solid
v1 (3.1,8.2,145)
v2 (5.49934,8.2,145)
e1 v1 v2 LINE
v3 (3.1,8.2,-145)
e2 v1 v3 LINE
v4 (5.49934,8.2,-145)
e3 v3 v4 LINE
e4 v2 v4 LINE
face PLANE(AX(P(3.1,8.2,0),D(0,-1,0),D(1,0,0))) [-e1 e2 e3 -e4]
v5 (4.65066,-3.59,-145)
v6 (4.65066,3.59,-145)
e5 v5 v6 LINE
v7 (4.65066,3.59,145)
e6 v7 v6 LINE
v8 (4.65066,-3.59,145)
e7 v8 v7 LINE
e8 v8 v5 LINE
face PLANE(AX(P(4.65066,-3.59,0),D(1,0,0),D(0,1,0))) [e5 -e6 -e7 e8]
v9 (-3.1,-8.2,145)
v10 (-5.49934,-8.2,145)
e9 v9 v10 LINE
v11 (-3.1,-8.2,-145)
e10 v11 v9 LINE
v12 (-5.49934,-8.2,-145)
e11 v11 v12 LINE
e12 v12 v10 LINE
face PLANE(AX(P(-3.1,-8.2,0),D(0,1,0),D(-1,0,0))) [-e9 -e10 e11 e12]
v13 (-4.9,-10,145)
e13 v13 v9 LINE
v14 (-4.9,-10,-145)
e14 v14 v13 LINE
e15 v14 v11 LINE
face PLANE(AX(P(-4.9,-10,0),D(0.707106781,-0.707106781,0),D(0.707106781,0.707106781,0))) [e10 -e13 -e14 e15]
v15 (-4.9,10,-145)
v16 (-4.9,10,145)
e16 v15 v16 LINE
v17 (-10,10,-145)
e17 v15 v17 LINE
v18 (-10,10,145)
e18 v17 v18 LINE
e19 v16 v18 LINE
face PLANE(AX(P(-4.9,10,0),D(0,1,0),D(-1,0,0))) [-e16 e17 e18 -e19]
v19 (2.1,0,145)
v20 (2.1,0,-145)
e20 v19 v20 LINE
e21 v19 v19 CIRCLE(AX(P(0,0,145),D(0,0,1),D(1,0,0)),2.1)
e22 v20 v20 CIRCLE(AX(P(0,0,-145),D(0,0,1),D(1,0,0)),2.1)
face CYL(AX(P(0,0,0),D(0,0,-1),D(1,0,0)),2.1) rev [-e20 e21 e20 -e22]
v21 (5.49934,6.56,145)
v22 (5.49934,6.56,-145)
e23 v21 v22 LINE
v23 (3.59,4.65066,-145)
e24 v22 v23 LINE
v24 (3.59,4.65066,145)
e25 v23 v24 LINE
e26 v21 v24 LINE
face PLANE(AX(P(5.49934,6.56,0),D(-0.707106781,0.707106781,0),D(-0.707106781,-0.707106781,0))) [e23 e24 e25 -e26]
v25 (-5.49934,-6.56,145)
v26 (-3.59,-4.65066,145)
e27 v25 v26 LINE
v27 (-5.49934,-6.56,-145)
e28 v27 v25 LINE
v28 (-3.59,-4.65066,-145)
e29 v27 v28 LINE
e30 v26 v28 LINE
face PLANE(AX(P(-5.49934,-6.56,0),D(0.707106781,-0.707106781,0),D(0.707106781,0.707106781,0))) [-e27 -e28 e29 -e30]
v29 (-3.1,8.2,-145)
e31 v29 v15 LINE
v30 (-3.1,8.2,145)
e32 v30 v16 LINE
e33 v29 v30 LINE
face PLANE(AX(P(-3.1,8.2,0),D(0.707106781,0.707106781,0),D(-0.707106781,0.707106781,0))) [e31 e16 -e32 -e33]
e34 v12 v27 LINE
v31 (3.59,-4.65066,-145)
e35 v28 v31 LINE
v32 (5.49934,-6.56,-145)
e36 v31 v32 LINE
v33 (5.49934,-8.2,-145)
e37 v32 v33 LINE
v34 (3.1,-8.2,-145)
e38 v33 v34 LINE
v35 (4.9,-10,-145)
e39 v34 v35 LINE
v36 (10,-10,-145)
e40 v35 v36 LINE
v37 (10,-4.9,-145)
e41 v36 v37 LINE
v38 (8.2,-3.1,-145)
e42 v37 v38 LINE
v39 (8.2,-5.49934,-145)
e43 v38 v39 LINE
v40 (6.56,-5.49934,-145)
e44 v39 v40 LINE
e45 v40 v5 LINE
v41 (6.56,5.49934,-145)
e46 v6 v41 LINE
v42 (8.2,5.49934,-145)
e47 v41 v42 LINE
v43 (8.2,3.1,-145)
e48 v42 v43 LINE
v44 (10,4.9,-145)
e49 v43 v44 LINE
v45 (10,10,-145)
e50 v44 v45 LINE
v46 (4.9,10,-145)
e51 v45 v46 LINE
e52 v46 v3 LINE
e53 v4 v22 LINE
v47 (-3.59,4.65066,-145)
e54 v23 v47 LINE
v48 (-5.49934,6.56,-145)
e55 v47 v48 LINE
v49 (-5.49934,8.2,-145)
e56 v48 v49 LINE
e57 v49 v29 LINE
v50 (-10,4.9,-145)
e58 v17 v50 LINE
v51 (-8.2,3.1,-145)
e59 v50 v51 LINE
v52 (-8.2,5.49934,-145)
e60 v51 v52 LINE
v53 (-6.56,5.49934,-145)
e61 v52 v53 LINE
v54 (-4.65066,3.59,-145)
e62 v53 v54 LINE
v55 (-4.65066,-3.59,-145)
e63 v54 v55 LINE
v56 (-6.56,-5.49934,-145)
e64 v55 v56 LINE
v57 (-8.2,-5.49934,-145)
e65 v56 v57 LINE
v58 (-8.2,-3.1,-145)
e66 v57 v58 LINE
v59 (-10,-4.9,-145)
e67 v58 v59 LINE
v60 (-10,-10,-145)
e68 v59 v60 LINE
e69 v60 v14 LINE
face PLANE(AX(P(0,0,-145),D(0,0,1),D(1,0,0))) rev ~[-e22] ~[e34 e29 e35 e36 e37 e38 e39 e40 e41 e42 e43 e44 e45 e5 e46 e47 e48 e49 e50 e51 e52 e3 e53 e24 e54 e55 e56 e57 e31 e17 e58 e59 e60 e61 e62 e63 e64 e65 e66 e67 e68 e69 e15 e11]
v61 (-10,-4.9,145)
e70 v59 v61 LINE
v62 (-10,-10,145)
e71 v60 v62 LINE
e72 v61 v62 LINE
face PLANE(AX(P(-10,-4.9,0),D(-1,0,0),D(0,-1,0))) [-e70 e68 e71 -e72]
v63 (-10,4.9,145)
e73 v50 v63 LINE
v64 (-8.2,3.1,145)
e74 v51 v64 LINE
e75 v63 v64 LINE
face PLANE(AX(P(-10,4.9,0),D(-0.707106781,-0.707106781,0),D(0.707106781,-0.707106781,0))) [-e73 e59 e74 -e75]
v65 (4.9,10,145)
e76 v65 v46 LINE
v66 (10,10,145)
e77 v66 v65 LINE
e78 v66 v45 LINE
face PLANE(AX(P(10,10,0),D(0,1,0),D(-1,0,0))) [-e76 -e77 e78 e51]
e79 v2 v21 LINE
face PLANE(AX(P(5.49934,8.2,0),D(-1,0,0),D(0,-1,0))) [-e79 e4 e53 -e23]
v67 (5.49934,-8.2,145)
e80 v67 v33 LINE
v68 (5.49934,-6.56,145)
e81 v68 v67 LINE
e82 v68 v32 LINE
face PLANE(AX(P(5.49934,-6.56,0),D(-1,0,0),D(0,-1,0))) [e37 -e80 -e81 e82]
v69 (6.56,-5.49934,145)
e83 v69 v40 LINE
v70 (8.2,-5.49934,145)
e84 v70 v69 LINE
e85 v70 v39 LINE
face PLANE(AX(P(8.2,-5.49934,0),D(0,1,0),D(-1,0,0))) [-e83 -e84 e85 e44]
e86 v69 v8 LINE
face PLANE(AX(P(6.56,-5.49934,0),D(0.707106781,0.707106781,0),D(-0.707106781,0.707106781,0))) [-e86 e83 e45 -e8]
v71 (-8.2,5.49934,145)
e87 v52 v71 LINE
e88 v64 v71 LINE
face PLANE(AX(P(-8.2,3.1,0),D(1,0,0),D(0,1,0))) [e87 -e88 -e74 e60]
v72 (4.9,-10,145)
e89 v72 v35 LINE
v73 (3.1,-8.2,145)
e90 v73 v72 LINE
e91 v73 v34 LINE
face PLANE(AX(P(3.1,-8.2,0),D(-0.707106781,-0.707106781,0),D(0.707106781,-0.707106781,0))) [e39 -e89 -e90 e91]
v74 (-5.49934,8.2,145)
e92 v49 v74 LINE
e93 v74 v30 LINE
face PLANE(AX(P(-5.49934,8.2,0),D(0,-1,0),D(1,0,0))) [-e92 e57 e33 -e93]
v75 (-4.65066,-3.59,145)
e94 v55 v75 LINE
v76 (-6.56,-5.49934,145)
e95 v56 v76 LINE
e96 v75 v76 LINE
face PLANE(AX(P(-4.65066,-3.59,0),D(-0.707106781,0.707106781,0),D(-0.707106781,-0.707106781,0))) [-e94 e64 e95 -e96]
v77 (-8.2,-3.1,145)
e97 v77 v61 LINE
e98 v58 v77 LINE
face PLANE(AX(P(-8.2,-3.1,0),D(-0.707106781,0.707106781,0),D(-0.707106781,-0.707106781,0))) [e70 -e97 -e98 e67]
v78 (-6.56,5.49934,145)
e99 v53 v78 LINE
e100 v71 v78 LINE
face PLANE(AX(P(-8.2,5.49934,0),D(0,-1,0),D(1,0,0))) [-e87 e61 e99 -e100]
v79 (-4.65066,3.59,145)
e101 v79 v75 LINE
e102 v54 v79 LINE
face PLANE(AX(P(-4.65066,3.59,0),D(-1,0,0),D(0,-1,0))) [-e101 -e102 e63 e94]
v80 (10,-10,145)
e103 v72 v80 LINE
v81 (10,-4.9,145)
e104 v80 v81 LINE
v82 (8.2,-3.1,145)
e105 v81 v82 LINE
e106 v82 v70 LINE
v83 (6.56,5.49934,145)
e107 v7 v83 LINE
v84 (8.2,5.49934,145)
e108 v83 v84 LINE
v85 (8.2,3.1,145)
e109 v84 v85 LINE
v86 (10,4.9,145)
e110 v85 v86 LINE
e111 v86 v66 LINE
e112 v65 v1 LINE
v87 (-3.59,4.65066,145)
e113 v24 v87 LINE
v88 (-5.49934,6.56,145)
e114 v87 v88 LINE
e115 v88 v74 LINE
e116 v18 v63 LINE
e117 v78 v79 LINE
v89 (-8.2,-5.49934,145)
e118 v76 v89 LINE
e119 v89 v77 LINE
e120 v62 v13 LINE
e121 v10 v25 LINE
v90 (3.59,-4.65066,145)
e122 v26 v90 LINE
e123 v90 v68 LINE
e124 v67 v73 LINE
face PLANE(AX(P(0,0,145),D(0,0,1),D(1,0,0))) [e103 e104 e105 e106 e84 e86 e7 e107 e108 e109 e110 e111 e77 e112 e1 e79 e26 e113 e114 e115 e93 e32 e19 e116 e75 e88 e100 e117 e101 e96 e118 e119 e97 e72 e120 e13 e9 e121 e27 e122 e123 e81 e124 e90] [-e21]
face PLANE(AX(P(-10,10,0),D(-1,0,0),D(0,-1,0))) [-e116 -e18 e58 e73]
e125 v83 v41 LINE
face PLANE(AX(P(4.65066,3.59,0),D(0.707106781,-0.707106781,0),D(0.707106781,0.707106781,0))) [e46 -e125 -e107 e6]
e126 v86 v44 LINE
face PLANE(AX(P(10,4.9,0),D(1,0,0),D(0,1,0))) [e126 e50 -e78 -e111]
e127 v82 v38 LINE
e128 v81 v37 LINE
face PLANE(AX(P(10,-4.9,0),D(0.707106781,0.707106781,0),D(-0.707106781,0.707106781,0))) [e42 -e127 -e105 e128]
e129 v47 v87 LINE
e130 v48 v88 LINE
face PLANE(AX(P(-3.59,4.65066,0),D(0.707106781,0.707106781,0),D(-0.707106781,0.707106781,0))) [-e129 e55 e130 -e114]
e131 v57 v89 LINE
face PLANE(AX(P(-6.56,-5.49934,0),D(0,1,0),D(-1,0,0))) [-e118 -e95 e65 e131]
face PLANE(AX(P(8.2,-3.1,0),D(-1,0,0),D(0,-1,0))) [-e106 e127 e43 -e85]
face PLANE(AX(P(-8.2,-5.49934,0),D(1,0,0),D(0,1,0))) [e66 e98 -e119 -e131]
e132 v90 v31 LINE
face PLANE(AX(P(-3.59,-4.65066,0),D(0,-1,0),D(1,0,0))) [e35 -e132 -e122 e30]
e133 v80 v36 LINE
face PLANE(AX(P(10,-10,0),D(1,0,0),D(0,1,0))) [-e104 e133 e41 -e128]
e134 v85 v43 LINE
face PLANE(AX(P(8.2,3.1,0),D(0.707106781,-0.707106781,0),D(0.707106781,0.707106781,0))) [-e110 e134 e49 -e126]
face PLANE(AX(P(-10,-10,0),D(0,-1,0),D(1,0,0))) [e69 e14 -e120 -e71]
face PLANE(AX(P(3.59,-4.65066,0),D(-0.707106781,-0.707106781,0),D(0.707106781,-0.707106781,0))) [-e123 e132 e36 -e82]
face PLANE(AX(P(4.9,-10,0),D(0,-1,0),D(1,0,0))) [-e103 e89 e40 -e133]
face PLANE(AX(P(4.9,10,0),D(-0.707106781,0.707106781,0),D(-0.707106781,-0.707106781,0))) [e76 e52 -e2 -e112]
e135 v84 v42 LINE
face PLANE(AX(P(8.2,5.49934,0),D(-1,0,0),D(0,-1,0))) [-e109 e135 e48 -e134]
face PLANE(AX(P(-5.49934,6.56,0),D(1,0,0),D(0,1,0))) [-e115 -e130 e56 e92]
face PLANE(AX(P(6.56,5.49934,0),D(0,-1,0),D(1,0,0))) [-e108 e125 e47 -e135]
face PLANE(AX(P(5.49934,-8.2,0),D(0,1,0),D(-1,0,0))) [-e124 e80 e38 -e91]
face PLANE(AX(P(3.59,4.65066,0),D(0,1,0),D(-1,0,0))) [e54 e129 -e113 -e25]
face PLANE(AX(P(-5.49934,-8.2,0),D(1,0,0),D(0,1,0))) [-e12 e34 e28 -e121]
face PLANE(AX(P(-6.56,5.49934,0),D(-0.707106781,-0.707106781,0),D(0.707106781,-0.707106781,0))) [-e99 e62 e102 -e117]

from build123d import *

# Parameters (mm, degrees)
SKETCH1_R           = 2.1
BOSS_EXTRUDE1_DEPTH = 145


with BuildPart() as part:
    # Sketch1 → Boss-Extrude1 (new body, symmetric)
    with BuildSketch(Plane.XY):
        Polygon((5.499339828, 6.56), (3.59, 4.650660172), (-3.59, 4.650660172), (-5.499339828, 6.56), (-5.499339828, 8.2), (-3.1, 8.2), (-4.9, 10), (-10, 10), (-10, 4.9), (-8.2, 3.1), (-8.2, 5.499339828), (-6.56, 5.499339828), (-4.650660172, 3.59), (-4.650660172, -3.59), (-6.56, -5.499339828), (-8.2, -5.499339828), (-8.2, -3.1), (-10, -4.9), (-10, -10), (-4.9, -10), (-3.1, -8.2), (-5.499339828, -8.2), (-5.499339828, -6.56), (-3.59, -4.650660172), (3.59, -4.650660172), (5.499339828, -6.56), (5.499339828, -8.2), (3.1, -8.2), (4.9, -10), (10, -10), (10, -4.9), (8.2, -3.1), (8.2, -5.499339828), (6.56, -5.499339828), (4.650660172, -3.59), (4.650660172, 3.59), (6.56, 5.499339828), (8.2, 5.499339828), (8.2, 3.1), (10, 4.9), (10, 10), (4.9, 10), (3.1, 8.2), (5.499339828, 8.2), align=None)
        Circle(SKETCH1_R, mode=Mode.SUBTRACT)
    extrude(amount=BOSS_EXTRUDE1_DEPTH, both=True)


solid = part.part
